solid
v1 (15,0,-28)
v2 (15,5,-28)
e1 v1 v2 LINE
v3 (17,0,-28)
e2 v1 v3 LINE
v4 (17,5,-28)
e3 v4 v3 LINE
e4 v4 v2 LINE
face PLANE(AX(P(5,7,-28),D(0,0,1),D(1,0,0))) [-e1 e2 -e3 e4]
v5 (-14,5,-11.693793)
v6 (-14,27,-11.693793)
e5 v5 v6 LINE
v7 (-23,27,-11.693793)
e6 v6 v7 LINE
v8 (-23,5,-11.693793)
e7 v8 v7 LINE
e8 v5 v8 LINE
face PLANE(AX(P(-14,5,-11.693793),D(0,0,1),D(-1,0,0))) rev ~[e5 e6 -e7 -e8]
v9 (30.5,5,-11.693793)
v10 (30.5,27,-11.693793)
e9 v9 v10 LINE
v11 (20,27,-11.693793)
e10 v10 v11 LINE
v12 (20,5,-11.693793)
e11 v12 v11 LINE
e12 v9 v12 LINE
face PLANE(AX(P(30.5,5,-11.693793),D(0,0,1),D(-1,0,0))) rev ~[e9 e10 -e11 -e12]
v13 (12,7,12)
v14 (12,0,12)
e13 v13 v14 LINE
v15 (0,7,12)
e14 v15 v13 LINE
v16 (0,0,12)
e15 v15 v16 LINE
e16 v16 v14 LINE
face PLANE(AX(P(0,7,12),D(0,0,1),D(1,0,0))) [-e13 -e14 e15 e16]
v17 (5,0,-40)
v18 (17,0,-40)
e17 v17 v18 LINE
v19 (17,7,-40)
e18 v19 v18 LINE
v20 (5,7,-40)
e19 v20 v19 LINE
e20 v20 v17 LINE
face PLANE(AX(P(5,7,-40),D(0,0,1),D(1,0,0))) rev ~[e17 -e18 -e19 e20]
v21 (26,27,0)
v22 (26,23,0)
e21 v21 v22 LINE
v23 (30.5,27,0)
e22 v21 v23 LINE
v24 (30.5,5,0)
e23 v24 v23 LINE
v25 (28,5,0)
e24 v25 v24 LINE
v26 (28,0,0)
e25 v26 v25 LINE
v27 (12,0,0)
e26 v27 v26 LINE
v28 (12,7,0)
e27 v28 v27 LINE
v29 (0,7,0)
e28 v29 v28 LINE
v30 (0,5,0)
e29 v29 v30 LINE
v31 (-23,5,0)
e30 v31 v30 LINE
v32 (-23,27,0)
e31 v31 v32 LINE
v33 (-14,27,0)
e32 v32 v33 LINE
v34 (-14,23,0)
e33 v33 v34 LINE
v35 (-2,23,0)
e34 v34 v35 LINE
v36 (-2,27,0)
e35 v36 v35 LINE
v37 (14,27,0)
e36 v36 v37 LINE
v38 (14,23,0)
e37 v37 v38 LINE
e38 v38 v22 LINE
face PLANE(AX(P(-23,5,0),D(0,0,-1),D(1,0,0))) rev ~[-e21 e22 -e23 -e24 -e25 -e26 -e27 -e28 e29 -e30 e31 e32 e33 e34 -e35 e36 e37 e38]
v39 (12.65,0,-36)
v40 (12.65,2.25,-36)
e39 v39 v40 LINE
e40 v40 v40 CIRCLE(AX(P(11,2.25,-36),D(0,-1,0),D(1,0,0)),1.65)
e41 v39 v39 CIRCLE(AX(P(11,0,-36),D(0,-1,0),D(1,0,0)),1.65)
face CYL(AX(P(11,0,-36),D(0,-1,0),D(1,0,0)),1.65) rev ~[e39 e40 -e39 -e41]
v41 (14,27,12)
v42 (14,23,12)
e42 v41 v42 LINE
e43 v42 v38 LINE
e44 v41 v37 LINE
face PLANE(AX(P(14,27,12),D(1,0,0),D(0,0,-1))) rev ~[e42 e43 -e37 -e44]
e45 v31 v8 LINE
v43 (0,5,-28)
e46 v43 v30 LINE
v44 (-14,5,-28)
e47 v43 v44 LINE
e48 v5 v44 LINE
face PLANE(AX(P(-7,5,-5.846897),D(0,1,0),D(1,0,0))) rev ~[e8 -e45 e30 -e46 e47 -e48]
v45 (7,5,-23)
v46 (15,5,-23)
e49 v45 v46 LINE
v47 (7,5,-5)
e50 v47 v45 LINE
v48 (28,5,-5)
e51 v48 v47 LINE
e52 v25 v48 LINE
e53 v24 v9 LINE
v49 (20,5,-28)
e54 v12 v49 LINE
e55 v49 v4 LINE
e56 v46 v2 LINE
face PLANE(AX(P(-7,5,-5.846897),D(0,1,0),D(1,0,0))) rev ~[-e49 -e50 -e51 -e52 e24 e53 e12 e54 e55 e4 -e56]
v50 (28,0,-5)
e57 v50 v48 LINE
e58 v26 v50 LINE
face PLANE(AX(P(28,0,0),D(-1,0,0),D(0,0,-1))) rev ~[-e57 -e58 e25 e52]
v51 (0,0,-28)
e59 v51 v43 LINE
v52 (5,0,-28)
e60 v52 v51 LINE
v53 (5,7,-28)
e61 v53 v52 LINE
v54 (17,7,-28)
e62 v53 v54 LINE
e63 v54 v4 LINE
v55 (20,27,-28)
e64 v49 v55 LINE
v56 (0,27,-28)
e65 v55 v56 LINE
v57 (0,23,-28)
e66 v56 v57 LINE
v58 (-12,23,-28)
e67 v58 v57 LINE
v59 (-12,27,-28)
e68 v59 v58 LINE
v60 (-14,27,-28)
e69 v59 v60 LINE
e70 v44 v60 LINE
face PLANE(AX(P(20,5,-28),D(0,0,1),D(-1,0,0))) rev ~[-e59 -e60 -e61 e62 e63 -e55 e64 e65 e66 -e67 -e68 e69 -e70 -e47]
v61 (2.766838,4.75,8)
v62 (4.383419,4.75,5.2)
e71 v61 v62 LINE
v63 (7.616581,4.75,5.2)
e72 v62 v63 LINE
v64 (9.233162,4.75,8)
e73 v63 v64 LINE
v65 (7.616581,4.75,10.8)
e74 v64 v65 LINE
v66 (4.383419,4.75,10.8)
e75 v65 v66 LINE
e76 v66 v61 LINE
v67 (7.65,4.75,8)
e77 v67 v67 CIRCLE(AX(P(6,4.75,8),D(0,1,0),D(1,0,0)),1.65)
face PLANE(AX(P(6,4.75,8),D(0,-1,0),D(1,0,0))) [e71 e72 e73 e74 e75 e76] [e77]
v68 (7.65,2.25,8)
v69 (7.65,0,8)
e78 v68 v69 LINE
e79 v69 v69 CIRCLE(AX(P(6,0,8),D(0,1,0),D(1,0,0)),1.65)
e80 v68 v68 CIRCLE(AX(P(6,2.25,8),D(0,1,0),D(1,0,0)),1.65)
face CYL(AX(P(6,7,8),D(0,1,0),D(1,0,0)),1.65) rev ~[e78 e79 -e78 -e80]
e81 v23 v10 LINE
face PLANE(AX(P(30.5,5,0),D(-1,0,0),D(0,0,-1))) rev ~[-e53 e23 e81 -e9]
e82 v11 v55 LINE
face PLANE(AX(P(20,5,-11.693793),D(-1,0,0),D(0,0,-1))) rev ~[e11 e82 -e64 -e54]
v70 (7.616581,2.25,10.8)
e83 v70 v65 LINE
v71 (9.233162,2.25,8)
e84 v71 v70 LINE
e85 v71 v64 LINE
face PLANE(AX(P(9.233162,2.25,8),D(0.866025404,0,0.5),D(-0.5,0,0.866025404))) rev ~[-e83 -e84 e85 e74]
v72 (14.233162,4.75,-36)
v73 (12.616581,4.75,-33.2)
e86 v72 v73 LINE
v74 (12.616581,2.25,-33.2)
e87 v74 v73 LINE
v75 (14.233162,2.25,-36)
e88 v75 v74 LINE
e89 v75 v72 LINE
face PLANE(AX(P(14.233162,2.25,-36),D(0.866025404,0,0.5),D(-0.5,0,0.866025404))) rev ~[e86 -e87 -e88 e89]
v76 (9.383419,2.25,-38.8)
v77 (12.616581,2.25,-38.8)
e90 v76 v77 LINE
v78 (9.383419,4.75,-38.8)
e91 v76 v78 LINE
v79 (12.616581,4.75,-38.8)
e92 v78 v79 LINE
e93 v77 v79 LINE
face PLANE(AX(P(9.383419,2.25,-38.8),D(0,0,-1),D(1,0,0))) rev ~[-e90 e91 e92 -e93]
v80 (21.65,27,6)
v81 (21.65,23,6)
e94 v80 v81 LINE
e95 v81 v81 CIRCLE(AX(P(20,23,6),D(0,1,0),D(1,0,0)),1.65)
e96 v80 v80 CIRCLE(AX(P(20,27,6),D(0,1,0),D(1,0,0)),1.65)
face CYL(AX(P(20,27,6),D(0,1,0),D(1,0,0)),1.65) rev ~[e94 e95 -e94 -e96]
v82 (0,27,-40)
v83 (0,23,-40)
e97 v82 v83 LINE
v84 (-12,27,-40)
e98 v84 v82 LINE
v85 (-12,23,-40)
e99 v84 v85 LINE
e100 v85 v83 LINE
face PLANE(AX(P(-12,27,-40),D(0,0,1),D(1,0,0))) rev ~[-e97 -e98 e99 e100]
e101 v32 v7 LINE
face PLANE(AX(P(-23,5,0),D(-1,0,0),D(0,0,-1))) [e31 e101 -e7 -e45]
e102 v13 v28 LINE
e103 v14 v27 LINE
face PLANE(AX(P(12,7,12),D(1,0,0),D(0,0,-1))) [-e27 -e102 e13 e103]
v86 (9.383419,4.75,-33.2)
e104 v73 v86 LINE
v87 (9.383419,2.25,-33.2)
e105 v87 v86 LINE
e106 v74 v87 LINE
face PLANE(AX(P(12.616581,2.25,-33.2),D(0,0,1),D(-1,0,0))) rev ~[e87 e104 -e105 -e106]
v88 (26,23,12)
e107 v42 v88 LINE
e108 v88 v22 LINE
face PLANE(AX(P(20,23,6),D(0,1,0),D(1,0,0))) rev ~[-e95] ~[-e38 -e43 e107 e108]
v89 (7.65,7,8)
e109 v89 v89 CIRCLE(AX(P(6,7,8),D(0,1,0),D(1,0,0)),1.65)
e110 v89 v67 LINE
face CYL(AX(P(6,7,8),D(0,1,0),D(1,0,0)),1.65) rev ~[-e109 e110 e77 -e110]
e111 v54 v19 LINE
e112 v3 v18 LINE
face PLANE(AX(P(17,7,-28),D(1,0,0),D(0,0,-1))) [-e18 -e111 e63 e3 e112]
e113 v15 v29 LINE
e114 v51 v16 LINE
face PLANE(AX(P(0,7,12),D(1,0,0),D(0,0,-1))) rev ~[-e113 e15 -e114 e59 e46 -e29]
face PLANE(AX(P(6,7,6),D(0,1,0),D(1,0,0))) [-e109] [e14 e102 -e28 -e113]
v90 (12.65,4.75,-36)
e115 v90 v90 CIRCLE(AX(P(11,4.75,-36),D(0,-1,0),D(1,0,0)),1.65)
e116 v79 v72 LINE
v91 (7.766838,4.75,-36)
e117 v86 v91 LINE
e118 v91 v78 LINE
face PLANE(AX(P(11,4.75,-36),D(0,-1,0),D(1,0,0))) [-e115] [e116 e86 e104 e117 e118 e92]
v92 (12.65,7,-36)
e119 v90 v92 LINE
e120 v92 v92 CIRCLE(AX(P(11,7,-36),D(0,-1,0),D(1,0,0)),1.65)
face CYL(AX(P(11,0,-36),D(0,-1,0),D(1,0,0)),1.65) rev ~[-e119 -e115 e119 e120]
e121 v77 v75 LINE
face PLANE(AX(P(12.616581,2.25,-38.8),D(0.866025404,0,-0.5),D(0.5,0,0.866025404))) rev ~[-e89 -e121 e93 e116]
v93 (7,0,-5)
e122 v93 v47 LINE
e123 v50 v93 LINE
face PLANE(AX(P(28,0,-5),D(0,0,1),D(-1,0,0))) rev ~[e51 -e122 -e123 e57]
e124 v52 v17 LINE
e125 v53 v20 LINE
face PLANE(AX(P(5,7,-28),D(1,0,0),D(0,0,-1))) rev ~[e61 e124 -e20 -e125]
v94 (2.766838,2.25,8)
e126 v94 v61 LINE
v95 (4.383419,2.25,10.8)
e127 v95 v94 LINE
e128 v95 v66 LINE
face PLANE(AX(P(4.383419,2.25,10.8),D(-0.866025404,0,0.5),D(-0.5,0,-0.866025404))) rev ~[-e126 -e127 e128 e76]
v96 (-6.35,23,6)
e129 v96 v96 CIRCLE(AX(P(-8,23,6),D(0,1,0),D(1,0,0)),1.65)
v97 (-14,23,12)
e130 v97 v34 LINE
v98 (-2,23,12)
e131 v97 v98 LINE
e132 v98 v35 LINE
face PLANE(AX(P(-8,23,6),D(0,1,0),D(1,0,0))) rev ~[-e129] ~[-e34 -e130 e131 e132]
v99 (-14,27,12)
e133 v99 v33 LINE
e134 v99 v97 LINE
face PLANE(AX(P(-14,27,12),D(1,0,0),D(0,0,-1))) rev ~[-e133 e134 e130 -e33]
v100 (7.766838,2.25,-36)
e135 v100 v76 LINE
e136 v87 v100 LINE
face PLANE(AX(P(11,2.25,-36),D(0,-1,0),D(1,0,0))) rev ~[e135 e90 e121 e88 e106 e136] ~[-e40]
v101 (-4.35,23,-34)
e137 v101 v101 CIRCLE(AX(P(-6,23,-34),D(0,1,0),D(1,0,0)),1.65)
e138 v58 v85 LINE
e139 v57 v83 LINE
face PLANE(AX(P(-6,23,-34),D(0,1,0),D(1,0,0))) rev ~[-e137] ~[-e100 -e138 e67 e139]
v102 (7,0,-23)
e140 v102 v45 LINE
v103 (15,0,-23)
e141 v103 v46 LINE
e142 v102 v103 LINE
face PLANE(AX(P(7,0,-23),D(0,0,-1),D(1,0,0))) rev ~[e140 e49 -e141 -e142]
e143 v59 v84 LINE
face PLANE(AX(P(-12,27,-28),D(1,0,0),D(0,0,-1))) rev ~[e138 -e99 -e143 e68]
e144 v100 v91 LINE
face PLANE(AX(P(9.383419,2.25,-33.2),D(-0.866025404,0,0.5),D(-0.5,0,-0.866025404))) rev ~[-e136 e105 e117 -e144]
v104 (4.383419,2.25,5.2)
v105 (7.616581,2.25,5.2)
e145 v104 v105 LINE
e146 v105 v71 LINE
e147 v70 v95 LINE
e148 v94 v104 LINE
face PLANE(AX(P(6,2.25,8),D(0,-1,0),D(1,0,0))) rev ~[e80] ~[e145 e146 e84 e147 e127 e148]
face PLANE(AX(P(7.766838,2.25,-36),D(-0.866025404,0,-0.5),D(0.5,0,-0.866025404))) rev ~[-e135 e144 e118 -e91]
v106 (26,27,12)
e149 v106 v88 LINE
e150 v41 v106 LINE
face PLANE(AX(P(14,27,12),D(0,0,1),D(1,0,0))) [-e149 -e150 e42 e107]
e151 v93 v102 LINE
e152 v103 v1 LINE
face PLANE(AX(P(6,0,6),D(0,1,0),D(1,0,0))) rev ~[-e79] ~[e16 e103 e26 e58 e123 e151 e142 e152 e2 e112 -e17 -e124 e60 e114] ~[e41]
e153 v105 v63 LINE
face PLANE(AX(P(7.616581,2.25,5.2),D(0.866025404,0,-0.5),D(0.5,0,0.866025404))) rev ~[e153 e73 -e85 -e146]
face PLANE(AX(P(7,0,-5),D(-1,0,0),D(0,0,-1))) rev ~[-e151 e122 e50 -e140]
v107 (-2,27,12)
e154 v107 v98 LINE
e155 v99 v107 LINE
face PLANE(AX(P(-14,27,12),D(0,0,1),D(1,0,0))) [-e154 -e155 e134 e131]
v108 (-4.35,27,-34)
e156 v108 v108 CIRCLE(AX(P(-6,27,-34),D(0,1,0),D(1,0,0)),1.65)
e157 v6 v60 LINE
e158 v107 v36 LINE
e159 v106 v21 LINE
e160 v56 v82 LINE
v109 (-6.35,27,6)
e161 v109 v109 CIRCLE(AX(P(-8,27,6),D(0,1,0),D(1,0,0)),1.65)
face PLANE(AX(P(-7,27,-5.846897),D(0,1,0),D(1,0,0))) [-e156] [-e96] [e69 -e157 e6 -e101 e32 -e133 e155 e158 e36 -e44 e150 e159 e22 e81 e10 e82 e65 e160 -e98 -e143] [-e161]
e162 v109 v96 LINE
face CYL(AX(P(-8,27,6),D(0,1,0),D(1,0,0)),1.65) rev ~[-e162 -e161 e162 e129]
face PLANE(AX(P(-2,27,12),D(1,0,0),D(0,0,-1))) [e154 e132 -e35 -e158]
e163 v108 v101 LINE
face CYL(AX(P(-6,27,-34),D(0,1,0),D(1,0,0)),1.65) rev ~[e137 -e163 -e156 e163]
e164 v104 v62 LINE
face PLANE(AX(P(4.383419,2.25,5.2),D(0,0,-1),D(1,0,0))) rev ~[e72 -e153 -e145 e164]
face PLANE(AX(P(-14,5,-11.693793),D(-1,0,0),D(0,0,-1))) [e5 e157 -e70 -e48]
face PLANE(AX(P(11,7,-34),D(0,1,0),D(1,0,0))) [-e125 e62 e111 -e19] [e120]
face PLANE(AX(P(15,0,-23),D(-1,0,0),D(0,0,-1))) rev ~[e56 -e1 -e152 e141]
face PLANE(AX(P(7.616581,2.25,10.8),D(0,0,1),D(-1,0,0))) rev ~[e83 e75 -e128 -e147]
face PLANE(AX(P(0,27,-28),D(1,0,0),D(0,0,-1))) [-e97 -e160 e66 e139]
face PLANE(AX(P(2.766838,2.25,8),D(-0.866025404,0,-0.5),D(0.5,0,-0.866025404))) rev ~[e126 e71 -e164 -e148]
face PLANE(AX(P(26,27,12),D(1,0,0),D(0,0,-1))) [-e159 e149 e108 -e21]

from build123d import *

# Parameters (mm, degrees)
BOSS_EXTRUDE1_DEPTH = 5
SKETCH2_W           = 14
SKETCH2_H           = 11.693793348
SKETCH2_W_2         = 9
SKETCH2_H_2         = 16.306206652
SKETCH2_W_3         = 13
SKETCH2_H_3         = 6.693793348
SKETCH2_W_4         = 8
SKETCH2_H_4         = 5
BOSS_EXTRUDE2_DEPTH = 22
BOSS_EXTRUDE3_START = -20
SKETCH3_W           = 12
SKETCH3_H           = 12
BOSS_EXTRUDE3_DEPTH = 7
CUT_EXTRUDE1_START  = -2.25
CUT_EXTRUDE1_DEPTH  = 2.5
SKETCH5_R           = 1.65
CUT_EXTRUDE3_DEPTH  = 28
SKETCH6_W           = 12
SKETCH6_H           = 12
SKETCH6_R           = 1.65
BOSS_EXTRUDE4_DEPTH = 4
BOSS_EXTRUDE6_START = -20
SKETCH7_W           = 12
SKETCH7_H           = 12
SKETCH7_R           = 1.65
BOSS_EXTRUDE6_DEPTH = 7
CUT_EXTRUDE4_START  = -2.25
CUT_EXTRUDE4_DEPTH  = 2.5
SKETCH9_W           = 12
SKETCH9_H           = 12
SKETCH9_R           = 1.65
BOSS_EXTRUDE7_DEPTH = 4


with BuildPart() as part:
    # Sketch1 → Boss-Extrude1 (new body)
    with BuildSketch(Plane(origin=(0, 0, 0), x_dir=(1, 0, 0), z_dir=(0, 1, 0))):
        Polygon((0, 0), (28, 0), (28, 5), (7, 5), (7, 23), (15, 23), (15, 28), (0, 28), align=None)
    extrude(amount=BOSS_EXTRUDE1_DEPTH)

    # Sketch2 → Boss-Extrude2 (add)
    with BuildSketch(Plane(origin=(0, 5, 0), x_dir=(1, 0, 0), z_dir=(0, 1, 0))):
        with Locations((-7, 5.846896674)):
            Rectangle(SKETCH2_W, SKETCH2_H)
        with Locations((-18.5, 5.846896674)):
            Rectangle(SKETCH2_W_2, SKETCH2_H)
        with Locations((-7, 19.846896674)):
            Rectangle(SKETCH2_W, SKETCH2_H_2)
        Polygon((7, 23), (7, 11.693793348), (20, 11.693793348), (20, 28), (15, 28), (15, 23), align=None)
        with Locations((13.5, 8.346896674)):
            Rectangle(SKETCH2_W_3, SKETCH2_H_3)
        Polygon((20, 11.693793348), (20, 5), (28, 5), (28, 0), (30.5, 0), (30.5, 11.693793348), align=None)
        Polygon((0, 11.693793348), (0, 0), (20, 0), (20, 5), (7, 5), (7, 11.693793348), align=None)
        Polygon((0, 28), (0, 11.693793348), (7, 11.693793348), (7, 23), (15, 23), (15, 28), align=None)
        with Locations((24, 2.5)):
            Rectangle(SKETCH2_W_4, SKETCH2_H_4)
    extrude(amount=BOSS_EXTRUDE2_DEPTH)

    # Sketch3 → Boss-Extrude3 (add)
    with BuildSketch(Plane(origin=(0, 27, 0), x_dir=(1, 0, 0), z_dir=(0, 1, 0)).offset(BOSS_EXTRUDE3_START)):
        with Locations((11, 34)):
            Rectangle(SKETCH3_W, SKETCH3_H)
    extrude(amount=-BOSS_EXTRUDE3_DEPTH)

    # Sketch4 → Cut-Extrude1 (cut)
    with BuildSketch(Plane.XZ.offset(CUT_EXTRUDE1_START)):
        Polygon((14.233161507, -36), (12.616580754, -33.2), (9.383419246, -33.2), (7.766838493, -36), (9.383419246, -38.8), (12.616580754, -38.8), align=None)
    extrude(amount=-CUT_EXTRUDE1_DEPTH, mode=Mode.SUBTRACT)

    # Sketch5 → Cut-Extrude3 (cut, through all)
    with BuildSketch(Plane.XZ):
        with Locations((11, -36)):
            Circle(SKETCH5_R)
    extrude(amount=-CUT_EXTRUDE3_DEPTH, mode=Mode.SUBTRACT)

    # Sketch6 → Boss-Extrude4 (add)
    with BuildSketch(Plane(origin=(0, 27, 0), x_dir=(1, 0, 0), z_dir=(0, 1, 0))):
        with Locations((-6, 34)):
            Rectangle(SKETCH6_W, SKETCH6_H)
        with Locations((-6, 34)):
            Circle(SKETCH6_R, mode=Mode.SUBTRACT)
    extrude(amount=-BOSS_EXTRUDE4_DEPTH)

    # Sketch7 → Boss-Extrude6 (add)
    with BuildSketch(Plane(origin=(0, 27, 0), x_dir=(1, 0, 0), z_dir=(0, 1, 0)).offset(BOSS_EXTRUDE6_START)):
        with Locations((6, -6)):
            Rectangle(SKETCH7_W, SKETCH7_H)
        with Locations((6, -8)):
            Circle(SKETCH7_R, mode=Mode.SUBTRACT)
    extrude(amount=-BOSS_EXTRUDE6_DEPTH)

    # Sketch8 → Cut-Extrude4 (cut)
    with BuildSketch(Plane.XZ.offset(CUT_EXTRUDE4_START)):
        Polygon((9.233161507, 8), (7.616580754, 10.8), (4.383419246, 10.8), (2.766838493, 8), (4.383419246, 5.2), (7.616580754, 5.2), align=None)
    extrude(amount=-CUT_EXTRUDE4_DEPTH, mode=Mode.SUBTRACT)

    # Sketch9 → Boss-Extrude7 (add)
    with BuildSketch(Plane(origin=(0, 27, 0), x_dir=(1, 0, 0), z_dir=(0, 1, 0))):
        with Locations((-8, -6)):
            Rectangle(SKETCH9_W, SKETCH9_H)
        with Locations((-8, -6)):
            Circle(SKETCH9_R, mode=Mode.SUBTRACT)
        with Locations((20, -6)):
            Rectangle(SKETCH9_W, SKETCH9_H)
        with Locations((20, -6)):
            Circle(SKETCH9_R, mode=Mode.SUBTRACT)
    extrude(amount=-BOSS_EXTRUDE7_DEPTH)


solid = part.part
